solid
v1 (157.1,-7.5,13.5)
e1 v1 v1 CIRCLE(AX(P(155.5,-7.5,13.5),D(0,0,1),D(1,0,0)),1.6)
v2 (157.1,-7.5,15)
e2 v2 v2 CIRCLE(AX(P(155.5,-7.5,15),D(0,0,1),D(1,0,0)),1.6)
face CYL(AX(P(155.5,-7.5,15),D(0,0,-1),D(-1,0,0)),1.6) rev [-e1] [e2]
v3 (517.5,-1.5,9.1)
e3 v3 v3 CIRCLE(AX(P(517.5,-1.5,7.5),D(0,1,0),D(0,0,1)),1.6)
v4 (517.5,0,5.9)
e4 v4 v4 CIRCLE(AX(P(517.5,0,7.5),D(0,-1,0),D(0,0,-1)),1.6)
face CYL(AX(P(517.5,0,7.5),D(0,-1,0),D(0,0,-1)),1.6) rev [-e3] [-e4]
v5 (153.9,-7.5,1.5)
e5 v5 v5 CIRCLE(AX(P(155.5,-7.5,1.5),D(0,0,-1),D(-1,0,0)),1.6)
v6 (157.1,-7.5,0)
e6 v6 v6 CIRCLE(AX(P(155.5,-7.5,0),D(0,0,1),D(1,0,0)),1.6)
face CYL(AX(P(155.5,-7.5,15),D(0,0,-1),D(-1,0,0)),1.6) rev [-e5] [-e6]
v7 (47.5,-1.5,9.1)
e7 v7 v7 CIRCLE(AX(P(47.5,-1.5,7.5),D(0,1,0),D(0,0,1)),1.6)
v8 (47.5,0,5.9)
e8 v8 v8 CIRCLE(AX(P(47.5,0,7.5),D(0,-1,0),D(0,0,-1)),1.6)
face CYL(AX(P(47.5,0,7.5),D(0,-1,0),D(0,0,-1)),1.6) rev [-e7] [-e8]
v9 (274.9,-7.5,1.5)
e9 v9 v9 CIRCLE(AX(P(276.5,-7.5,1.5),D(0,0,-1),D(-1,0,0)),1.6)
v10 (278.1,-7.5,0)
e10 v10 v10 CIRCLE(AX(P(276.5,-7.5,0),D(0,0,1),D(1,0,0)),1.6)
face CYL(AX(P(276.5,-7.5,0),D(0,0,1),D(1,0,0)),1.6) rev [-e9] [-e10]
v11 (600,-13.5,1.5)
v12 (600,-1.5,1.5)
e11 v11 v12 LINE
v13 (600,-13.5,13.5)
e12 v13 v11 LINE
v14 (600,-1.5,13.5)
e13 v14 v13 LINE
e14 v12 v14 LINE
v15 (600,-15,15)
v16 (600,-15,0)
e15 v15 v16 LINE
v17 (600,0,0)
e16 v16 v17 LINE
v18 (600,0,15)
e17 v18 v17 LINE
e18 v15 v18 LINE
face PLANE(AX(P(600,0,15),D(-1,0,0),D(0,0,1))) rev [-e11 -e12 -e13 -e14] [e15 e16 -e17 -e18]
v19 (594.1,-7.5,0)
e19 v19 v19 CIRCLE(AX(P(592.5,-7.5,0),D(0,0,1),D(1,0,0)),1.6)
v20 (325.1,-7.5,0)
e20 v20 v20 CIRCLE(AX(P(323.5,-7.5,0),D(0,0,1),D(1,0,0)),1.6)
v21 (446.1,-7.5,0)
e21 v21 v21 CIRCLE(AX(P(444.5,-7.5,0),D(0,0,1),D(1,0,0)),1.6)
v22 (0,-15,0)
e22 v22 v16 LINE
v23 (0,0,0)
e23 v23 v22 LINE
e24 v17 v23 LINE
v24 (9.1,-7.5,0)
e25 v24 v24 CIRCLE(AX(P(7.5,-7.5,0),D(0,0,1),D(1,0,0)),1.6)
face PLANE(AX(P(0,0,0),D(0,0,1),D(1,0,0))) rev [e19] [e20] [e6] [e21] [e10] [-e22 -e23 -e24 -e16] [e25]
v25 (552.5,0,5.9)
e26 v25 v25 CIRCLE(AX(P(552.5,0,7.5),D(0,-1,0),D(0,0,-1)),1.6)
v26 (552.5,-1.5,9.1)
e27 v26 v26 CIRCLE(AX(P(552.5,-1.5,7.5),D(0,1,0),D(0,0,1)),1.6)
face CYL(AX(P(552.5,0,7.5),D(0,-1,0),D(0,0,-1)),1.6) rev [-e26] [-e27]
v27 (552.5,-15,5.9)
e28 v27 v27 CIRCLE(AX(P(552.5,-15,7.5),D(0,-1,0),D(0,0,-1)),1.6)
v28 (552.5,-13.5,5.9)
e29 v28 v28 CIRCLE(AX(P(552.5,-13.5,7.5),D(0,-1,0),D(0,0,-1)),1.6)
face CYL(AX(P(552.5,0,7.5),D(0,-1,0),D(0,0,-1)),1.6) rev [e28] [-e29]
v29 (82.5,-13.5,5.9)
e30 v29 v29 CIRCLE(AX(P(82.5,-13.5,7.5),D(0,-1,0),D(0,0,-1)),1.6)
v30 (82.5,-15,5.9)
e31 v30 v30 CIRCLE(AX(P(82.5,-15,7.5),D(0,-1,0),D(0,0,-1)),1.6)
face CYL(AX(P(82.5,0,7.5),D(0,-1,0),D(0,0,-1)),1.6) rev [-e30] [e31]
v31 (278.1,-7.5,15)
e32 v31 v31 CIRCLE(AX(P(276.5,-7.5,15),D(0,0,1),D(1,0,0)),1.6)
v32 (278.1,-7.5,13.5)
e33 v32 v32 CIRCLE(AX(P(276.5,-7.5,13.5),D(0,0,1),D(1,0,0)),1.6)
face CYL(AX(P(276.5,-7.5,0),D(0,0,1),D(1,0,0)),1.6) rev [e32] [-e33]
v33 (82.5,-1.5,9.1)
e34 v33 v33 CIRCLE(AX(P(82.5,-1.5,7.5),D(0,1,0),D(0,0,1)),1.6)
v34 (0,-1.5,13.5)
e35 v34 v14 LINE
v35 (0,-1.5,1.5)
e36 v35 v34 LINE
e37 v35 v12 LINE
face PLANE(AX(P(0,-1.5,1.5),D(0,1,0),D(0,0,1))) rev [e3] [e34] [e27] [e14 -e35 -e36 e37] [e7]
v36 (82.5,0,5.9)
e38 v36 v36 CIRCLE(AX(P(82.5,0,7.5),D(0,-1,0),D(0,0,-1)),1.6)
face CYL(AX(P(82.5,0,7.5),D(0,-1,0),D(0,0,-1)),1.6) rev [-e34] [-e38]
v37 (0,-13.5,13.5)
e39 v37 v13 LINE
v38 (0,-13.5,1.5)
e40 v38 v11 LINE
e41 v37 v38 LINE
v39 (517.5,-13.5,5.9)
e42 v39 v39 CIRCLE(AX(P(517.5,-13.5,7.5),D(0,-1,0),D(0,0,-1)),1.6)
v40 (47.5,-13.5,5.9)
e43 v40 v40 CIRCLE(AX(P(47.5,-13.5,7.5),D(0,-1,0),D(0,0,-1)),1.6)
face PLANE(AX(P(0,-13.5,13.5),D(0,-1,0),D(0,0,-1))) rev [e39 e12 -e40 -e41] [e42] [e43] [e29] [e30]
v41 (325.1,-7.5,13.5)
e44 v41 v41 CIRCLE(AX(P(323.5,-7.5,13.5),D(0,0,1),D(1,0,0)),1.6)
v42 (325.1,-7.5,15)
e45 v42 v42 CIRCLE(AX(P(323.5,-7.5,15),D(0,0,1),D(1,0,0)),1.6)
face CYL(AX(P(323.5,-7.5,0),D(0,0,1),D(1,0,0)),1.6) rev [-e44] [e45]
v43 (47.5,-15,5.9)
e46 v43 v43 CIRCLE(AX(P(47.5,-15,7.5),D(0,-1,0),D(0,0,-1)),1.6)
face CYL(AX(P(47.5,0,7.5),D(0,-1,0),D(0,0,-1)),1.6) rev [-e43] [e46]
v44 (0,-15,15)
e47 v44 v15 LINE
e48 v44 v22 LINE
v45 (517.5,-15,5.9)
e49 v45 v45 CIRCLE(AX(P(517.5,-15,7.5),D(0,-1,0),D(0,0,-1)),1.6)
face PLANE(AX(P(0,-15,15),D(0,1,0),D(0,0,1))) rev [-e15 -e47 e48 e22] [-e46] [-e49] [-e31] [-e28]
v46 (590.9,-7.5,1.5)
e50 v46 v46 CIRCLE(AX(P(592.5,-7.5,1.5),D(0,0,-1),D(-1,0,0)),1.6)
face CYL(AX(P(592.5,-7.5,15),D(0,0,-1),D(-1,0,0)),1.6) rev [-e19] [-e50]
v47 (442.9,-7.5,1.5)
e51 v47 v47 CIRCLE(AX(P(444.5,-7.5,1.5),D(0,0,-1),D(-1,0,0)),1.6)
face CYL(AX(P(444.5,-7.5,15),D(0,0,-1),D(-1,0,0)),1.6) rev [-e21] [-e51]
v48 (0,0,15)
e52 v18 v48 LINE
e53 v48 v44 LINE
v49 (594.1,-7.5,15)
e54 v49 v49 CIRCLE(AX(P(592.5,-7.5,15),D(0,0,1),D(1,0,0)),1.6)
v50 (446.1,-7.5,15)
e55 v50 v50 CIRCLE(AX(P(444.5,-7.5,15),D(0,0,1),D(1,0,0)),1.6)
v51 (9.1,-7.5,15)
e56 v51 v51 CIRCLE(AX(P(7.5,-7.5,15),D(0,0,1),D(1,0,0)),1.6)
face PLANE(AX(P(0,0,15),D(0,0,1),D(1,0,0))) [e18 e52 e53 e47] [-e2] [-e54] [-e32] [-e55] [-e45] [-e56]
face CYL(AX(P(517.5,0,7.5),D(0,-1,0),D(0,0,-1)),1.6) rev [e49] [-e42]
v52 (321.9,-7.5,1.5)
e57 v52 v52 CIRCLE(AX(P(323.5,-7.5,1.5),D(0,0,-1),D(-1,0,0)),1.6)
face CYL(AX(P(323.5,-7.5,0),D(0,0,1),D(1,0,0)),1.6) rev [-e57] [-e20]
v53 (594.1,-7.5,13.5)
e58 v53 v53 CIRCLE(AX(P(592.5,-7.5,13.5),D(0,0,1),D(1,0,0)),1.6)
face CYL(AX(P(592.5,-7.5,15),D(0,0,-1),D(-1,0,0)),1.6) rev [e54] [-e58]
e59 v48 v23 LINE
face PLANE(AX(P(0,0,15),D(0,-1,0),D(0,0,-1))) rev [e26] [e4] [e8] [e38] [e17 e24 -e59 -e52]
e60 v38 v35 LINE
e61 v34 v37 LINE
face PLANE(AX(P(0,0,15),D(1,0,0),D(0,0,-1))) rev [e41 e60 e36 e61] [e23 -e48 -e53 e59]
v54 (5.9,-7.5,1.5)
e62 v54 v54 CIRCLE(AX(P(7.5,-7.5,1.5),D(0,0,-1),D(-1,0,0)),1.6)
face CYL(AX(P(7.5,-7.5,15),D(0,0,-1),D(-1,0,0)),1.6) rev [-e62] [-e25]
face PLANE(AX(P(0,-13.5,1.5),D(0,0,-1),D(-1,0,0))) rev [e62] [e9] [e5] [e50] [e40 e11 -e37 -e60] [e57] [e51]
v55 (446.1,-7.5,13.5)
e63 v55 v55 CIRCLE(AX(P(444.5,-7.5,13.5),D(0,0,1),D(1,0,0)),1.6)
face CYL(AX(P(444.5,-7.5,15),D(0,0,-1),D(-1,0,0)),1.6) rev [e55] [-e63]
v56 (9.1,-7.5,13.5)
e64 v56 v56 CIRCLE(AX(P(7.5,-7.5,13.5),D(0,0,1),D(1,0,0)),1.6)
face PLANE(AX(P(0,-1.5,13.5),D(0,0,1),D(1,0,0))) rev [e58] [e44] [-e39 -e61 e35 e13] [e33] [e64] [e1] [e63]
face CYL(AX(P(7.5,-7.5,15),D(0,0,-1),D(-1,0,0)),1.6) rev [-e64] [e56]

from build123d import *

# Parameters (mm, degrees)
SKETCH_2_W          = 600
SKETCH_2_H          = 15
SKETCH_2_R          = 1.6
EXTRUDE_1_DEPTH     = 15
SKETCH_3_W          = 12
SKETCH_3_H          = 12
CUT_EXTRUDE_1_DEPTH = 601.374882886
SKETCH_5_R          = 1.6
CUT_EXTRUDE_3_DEPTH = 601.374882886
SKETCH_6_R          = 1.6
CUT_EXTRUDE_4_DEPTH = 601.374882886


with BuildPart() as part:
    # ｽｹｯﾁ2 → ﾎﾞｽ - 押し出し1 (new body)
    with BuildSketch(Plane.XY):
        with Locations((300, -7.5)):
            Rectangle(SKETCH_2_W, SKETCH_2_H)
        with Locations((7.5, -7.5)):
            Circle(SKETCH_2_R, mode=Mode.SUBTRACT)
        with Locations((155.5, -7.5)):
            Circle(SKETCH_2_R, mode=Mode.SUBTRACT)
        with Locations((444.5, -7.5)):
            Circle(SKETCH_2_R, mode=Mode.SUBTRACT)
        with Locations((592.5, -7.5)):
            Circle(SKETCH_2_R, mode=Mode.SUBTRACT)
    extrude(amount=EXTRUDE_1_DEPTH)

    # ｽｹｯﾁ3 → ｶｯﾄ - 押し出し1 (cut, through all)
    with BuildSketch(Plane(origin=(600, 0, 0), x_dir=(0, 0, -1), z_dir=(1, 0, 0))):
        with Locations((-7.5, -7.5)):
            Rectangle(SKETCH_3_W, SKETCH_3_H)
    extrude(amount=-CUT_EXTRUDE_1_DEPTH, mode=Mode.SUBTRACT)

    # ｽｹｯﾁ5 → ｶｯﾄ - 押し出し3 (cut, through all)
    with BuildSketch(Plane.XZ.offset(15)):
        with Locations(Location((552.5, 7.5, 0), (0, 0, 270))):
            Circle(SKETCH_5_R)
        with Locations(Location((517.5, 7.5, 0), (0, 0, 270))):
            Circle(SKETCH_5_R)
        with Locations(Location((47.5, 7.5, 0), (0, 0, 270))):
            Circle(SKETCH_5_R)
        with Locations(Location((82.5, 7.5, 0), (0, 0, 270))):
            Circle(SKETCH_5_R)
    extrude(amount=-CUT_EXTRUDE_3_DEPTH, mode=Mode.SUBTRACT)

    # ｽｹｯﾁ6 → ｶｯﾄ - 押し出し4 (cut, through all)
    with BuildSketch(Plane.XY.offset(15)):
        with Locations((276.5, -7.5)):
            Circle(SKETCH_6_R)
        with Locations((323.5, -7.5)):
            Circle(SKETCH_6_R)
    extrude(amount=-CUT_EXTRUDE_4_DEPTH, mode=Mode.SUBTRACT)


solid = part.part
